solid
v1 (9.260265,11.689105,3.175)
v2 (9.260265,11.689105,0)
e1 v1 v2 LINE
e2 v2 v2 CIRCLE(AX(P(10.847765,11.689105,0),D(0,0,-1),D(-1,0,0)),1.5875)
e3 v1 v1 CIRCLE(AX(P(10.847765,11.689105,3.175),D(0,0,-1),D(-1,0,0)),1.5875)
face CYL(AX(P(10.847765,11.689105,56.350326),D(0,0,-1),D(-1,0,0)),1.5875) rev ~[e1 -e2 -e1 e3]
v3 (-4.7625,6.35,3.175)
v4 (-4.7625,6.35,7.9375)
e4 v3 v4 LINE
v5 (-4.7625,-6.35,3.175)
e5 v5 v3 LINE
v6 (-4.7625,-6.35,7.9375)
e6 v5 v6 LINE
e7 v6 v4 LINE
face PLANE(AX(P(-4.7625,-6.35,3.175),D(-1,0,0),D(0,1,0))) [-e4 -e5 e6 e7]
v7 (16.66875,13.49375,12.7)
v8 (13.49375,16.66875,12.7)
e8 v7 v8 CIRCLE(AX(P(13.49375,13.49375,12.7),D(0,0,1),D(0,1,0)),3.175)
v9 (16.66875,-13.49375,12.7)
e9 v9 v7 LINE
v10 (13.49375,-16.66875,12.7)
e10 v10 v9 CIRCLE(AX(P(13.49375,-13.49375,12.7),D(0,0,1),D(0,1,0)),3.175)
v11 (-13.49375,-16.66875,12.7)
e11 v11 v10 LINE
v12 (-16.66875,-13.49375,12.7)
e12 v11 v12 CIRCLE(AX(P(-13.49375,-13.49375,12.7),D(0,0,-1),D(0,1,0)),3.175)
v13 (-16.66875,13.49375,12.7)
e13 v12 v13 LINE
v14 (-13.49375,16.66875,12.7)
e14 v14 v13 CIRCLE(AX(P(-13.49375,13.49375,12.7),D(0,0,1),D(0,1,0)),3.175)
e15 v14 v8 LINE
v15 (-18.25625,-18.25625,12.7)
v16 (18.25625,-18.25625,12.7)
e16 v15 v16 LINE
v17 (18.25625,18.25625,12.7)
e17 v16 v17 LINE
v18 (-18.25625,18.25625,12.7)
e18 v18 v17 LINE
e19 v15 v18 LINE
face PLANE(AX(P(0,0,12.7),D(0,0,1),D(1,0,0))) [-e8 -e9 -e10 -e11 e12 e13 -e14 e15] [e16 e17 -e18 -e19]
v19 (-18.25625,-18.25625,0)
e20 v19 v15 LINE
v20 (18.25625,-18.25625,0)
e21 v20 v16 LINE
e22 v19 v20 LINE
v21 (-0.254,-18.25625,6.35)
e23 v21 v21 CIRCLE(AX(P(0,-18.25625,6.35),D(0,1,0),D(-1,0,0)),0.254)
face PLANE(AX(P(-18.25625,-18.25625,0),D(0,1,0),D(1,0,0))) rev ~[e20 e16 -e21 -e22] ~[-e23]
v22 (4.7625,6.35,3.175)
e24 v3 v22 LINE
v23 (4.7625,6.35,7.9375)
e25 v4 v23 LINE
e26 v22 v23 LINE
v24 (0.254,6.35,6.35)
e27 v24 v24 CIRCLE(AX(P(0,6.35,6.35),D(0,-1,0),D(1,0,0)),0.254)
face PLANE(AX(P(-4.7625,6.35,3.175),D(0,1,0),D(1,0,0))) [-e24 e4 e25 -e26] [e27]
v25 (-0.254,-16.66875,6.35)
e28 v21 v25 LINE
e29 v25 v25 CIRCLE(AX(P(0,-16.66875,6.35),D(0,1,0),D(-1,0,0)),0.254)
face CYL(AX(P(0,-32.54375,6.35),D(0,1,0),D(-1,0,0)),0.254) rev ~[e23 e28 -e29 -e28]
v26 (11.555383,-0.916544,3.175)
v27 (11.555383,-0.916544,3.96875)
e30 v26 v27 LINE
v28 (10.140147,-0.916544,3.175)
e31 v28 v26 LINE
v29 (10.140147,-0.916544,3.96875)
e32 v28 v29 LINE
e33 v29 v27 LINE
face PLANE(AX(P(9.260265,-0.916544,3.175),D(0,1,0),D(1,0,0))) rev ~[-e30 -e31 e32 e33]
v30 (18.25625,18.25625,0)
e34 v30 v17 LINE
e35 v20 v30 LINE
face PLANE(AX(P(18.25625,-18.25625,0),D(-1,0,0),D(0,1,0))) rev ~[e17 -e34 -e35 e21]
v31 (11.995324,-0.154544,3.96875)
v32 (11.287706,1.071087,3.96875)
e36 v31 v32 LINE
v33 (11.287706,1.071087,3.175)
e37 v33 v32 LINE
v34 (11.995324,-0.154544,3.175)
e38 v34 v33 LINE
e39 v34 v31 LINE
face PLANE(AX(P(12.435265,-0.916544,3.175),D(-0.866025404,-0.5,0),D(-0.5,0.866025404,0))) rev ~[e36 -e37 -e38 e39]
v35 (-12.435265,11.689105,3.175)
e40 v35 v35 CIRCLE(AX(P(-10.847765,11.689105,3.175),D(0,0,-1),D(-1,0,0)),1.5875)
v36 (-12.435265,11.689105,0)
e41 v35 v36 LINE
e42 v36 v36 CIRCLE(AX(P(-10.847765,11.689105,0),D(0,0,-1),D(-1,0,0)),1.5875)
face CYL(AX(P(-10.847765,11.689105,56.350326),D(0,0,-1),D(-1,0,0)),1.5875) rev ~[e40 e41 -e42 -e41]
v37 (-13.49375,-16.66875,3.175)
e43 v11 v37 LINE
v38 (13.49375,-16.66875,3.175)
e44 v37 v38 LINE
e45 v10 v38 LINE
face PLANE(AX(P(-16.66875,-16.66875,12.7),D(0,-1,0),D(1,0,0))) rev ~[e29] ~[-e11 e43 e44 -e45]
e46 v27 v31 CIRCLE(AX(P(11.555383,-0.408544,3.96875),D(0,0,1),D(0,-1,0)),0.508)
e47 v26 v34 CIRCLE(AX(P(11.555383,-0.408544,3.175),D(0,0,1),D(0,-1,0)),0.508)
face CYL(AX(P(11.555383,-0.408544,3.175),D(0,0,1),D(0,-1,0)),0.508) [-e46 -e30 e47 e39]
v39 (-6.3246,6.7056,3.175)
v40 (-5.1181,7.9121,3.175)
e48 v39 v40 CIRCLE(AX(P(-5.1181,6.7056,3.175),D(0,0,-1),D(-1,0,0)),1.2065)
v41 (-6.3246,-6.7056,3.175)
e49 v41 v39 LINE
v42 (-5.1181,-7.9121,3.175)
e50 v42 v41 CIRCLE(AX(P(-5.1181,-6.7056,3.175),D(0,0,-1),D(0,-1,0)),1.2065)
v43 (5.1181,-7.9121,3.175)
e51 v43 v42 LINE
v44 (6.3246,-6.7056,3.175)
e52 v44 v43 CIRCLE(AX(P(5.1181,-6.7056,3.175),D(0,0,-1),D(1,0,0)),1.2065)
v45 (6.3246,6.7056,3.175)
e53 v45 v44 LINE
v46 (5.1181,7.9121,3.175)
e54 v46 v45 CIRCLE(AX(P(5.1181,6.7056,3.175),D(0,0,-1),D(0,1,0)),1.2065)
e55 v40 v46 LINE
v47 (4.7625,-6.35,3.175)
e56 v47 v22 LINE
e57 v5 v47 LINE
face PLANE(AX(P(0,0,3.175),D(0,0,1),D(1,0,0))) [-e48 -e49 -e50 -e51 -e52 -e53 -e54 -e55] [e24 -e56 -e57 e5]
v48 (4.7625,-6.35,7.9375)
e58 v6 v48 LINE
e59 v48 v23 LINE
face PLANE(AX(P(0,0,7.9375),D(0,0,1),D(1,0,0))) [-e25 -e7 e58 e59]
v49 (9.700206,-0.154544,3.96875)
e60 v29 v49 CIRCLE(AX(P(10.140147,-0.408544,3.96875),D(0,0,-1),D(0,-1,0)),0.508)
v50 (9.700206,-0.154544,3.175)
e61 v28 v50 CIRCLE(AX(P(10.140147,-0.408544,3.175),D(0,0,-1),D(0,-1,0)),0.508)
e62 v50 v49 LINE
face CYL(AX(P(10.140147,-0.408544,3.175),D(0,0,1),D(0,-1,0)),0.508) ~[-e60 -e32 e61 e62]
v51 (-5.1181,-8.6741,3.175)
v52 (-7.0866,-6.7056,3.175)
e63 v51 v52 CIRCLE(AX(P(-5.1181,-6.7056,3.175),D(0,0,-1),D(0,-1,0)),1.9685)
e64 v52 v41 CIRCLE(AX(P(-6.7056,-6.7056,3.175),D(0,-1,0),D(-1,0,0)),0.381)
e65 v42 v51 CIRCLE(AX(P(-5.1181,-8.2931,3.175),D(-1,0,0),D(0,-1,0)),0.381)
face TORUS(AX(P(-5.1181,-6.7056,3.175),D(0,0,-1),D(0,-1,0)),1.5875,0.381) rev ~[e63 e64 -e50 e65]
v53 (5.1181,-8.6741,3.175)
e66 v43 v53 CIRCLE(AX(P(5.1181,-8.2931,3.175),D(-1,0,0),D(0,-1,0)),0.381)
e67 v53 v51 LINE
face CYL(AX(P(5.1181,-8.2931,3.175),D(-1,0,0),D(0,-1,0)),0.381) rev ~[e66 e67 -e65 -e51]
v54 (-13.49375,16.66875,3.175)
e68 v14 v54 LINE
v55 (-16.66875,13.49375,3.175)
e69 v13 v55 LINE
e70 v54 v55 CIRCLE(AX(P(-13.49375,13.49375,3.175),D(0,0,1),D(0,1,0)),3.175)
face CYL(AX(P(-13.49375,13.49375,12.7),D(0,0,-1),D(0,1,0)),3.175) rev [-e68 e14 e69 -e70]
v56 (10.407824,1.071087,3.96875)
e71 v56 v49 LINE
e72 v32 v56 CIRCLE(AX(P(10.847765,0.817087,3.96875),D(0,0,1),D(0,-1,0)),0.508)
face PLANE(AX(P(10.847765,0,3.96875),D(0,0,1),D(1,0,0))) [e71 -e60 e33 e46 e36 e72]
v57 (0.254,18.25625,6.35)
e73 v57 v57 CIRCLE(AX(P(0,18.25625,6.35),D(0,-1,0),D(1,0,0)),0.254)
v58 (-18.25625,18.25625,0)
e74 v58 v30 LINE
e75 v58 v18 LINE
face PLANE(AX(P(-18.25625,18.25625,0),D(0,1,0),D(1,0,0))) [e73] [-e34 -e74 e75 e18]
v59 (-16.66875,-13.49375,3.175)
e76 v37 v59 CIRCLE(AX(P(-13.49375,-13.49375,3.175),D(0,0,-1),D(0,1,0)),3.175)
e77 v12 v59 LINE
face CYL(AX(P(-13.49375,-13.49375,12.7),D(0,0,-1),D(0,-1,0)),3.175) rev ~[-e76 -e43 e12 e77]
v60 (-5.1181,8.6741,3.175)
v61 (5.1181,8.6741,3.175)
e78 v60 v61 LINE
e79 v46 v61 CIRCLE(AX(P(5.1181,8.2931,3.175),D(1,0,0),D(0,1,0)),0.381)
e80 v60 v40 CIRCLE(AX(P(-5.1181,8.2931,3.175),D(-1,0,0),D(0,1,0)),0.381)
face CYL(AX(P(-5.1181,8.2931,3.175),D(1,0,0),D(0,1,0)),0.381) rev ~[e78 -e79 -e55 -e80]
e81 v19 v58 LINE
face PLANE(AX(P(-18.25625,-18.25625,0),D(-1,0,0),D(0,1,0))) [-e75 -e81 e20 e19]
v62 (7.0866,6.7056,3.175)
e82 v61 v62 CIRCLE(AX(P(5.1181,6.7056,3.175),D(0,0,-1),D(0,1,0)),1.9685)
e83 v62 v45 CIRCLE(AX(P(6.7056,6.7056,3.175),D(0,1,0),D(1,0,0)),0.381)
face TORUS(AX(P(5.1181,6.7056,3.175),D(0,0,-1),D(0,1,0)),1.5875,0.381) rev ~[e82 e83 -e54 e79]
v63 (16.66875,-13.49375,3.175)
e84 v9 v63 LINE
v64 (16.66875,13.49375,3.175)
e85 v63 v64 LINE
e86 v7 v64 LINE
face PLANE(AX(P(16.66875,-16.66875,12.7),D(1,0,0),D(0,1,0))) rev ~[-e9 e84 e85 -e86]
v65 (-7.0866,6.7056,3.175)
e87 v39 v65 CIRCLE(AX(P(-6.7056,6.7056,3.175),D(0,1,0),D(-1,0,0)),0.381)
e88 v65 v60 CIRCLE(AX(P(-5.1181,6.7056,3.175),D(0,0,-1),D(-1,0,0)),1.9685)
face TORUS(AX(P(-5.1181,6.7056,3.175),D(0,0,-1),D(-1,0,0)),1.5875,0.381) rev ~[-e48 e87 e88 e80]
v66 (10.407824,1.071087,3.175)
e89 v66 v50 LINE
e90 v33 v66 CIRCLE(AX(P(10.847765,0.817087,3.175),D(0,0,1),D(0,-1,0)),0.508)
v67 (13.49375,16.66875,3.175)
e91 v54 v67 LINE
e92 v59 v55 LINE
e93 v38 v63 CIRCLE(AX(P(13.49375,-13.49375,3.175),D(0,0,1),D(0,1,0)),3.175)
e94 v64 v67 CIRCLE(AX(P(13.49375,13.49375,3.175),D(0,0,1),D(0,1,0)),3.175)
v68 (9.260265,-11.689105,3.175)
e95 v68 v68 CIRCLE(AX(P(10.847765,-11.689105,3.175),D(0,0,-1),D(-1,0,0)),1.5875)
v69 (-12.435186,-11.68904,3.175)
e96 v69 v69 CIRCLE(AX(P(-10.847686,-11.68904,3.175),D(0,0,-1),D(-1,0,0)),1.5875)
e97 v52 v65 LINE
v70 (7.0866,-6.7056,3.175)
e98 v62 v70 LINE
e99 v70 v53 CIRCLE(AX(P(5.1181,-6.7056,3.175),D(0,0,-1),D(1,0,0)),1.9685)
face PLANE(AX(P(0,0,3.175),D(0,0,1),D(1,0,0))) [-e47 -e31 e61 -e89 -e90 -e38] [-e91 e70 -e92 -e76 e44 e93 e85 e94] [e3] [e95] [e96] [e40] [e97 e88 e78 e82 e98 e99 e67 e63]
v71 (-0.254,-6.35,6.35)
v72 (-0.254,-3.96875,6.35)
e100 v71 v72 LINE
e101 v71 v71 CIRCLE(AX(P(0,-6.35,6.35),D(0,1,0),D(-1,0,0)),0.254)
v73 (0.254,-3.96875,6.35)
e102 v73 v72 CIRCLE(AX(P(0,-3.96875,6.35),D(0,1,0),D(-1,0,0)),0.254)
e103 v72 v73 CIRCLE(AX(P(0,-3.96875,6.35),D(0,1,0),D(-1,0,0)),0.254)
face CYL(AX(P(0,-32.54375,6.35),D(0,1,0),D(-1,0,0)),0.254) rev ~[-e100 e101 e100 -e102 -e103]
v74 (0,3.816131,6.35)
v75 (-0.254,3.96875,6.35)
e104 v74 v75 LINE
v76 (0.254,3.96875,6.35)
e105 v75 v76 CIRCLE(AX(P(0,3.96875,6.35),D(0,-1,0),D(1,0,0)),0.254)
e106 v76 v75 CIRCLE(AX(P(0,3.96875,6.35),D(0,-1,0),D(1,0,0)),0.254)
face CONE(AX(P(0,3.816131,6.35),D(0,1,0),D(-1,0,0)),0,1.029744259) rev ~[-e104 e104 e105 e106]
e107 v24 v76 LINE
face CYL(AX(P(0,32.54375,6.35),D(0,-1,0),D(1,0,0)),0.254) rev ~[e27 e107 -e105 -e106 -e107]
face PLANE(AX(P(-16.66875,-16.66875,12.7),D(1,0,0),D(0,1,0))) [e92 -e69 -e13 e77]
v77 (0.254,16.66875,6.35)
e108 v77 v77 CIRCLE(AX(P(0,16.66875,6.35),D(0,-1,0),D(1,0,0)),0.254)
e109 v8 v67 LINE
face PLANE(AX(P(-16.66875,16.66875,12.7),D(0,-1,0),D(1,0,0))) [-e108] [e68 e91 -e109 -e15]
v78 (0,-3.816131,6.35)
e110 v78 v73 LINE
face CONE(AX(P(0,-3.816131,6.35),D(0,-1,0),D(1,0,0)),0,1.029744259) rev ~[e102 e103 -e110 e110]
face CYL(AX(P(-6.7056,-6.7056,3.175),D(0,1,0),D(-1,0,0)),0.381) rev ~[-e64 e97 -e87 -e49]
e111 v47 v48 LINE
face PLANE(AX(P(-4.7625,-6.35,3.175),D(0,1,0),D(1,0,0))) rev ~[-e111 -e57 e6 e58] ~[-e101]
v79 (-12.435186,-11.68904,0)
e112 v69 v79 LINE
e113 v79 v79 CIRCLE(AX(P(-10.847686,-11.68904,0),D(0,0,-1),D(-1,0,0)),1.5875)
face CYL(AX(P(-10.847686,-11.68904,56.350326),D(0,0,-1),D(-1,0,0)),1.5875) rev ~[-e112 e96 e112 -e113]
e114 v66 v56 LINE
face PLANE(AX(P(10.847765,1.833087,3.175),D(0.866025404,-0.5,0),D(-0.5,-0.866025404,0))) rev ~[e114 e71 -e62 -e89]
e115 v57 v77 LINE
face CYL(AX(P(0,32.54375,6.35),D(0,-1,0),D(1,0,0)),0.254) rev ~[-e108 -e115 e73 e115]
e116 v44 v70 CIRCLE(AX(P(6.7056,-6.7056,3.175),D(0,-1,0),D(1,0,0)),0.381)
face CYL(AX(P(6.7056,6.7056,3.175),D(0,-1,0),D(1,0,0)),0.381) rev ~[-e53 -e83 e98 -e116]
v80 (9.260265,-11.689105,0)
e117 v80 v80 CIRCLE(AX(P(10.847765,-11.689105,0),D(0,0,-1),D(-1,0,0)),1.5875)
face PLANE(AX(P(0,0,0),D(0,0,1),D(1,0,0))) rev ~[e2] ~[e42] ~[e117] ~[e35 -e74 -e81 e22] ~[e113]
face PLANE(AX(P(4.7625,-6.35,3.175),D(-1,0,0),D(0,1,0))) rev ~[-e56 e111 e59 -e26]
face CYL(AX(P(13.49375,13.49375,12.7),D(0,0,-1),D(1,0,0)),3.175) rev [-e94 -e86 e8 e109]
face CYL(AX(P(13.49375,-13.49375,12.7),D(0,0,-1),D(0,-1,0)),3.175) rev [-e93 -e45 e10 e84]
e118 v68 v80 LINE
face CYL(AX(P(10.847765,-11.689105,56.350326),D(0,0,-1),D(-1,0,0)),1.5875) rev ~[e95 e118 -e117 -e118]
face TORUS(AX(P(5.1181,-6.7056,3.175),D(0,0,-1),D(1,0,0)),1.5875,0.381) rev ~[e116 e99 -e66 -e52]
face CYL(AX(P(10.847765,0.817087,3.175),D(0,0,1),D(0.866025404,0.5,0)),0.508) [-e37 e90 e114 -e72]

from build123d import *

# Parameters (mm, degrees)
F0_W      = 36.5125
F0_H      = 36.5125
F1_DEPTH  = 12.7
F2_W      = 33.3375
F2_H      = 33.3375
F3_DEPTH  = 9.525
F4_W      = 9.525
F4_H      = 12.7
F5_DEPTH  = 4.7625
F7_D      = 0.508
F7_DEPTH  = 14.2875
F7_TIP    = 0.1526185972
F9_D      = 0.508
F9_DEPTH  = 14.2875
F9_TIP    = 0.1526185972
F10_R     = 3.175
F15_D     = 3.175
F17_DEPTH = 0.79375
F18_R     = 0.508


with BuildPart() as f1:
    # F0 (on Top) → F1 (new body)
    with BuildSketch(Plane.XY):
        Rectangle(F0_W, F0_H)
    extrude(amount=F1_DEPTH)

    # F2 (on face) → F3 (cut)
    with BuildSketch(Plane.XY.offset(12.7)):
        Rectangle(F2_W, F2_H)
    extrude(amount=-F3_DEPTH, mode=Mode.SUBTRACT)

    # F4 (on face) → F5 (join)
    with BuildSketch(Plane.XY.offset(3.175)):
        Rectangle(F4_W, F4_H)
    extrude(amount=F5_DEPTH)

    # F7
    with Locations(Plane.XZ.offset(18.25625)):
        with Locations((0, 6.35)):
            Hole(F7_D / 2, depth=F7_DEPTH)
            with Locations((0, 0, -(F7_DEPTH + F7_TIP / 2))):  # 118° drill point
                Cone(0, F7_D / 2, F7_TIP, mode=Mode.SUBTRACT)

    # F9
    with Locations(Plane(origin=(0, 18.25625, 0), x_dir=(-1, 0, 0), z_dir=(0, 1, 0))):
        with Locations((0, 6.35)):
            Hole(F9_D / 2, depth=F9_DEPTH)
            with Locations((0, 0, -(F9_DEPTH + F9_TIP / 2))):  # 118° drill point
                Cone(0, F9_D / 2, F9_TIP, mode=Mode.SUBTRACT)

    # F10
    f10_edges = [f1.edges().sort_by_distance(p)[0] for p in [
        (-16.66875, 16.66875, 7.9375),
        (-16.66875, -16.66875, 7.9375),
        (16.66875, -16.66875, 7.9375),
        (16.66875, 16.66875, 7.9375),
    ]]
    fillet(f10_edges, radius=F10_R)

    # F13: sweep along a path in F11
    with BuildLine(Plane.XY.offset(3.175)) as f13_path:
        Line((5.1181, -8.2931), (-5.1181, -8.2931))
        ThreePointArc((-5.1181, -8.2931), (-6.2406320151, -7.8281320151), (-6.7056, -6.7056))
        Line((-6.7056, -6.7056), (-6.7056, 0))
        Line((-6.7056, 0), (-6.7056, 6.7056))
        ThreePointArc((-6.7056, 6.7056), (-6.2406320151, 7.8281320151), (-5.1181, 8.2931))
        Line((-5.1181, 8.2931), (5.1181, 8.2931))
        ThreePointArc((5.1181, 8.2931), (6.2406320151, 7.8281320151), (6.7056, 6.7056))
        Line((6.7056, 6.7056), (6.7056, -6.7056))
        ThreePointArc((6.7056, -6.7056), (6.2406320151, -7.8281320151), (5.1181, -8.2931))
    # F12 (on Front) → F13 (sweep, cut)
    with BuildSketch(Plane.XZ):
        with BuildLine():
            Line((-6.3246, 3.175), (-7.0866, 3.175))
            ThreePointArc((-7.0866, 3.175), (-6.7056, 2.794), (-6.3246, 3.175))
        make_face()
    sweep(path=f13_path.line, mode=Mode.SUBTRACT)

    # F15 (through all)
    with Locations(Plane.XY.offset(3.175)):
        with Locations((10.8477650555, -11.6891054078), (10.8477650555, 11.6891054078), (-10.8477650555, 11.6891054078), (-10.8476863706, -11.689040258)):
            Hole(F15_D / 2)

    # F16 (on face) → F17 (join)
    with BuildSketch(Plane.XY.offset(3.175)):
        Polygon((9.2602650555, -0.9165435523), (12.4352650555, -0.9165435523), (10.8477650555, 1.8330871047), align=None)
    extrude(amount=F17_DEPTH)

    # F18
    f18_edges = [f1.edges().sort_by_distance(p)[0] for p in [
        (10.847765, 1.833087, 3.571875),
        (12.435265, -0.916544, 3.571875),
        (9.260265, -0.916544, 3.571875),
    ]]
    fillet(f18_edges, radius=F18_R)


solid = f1.part
